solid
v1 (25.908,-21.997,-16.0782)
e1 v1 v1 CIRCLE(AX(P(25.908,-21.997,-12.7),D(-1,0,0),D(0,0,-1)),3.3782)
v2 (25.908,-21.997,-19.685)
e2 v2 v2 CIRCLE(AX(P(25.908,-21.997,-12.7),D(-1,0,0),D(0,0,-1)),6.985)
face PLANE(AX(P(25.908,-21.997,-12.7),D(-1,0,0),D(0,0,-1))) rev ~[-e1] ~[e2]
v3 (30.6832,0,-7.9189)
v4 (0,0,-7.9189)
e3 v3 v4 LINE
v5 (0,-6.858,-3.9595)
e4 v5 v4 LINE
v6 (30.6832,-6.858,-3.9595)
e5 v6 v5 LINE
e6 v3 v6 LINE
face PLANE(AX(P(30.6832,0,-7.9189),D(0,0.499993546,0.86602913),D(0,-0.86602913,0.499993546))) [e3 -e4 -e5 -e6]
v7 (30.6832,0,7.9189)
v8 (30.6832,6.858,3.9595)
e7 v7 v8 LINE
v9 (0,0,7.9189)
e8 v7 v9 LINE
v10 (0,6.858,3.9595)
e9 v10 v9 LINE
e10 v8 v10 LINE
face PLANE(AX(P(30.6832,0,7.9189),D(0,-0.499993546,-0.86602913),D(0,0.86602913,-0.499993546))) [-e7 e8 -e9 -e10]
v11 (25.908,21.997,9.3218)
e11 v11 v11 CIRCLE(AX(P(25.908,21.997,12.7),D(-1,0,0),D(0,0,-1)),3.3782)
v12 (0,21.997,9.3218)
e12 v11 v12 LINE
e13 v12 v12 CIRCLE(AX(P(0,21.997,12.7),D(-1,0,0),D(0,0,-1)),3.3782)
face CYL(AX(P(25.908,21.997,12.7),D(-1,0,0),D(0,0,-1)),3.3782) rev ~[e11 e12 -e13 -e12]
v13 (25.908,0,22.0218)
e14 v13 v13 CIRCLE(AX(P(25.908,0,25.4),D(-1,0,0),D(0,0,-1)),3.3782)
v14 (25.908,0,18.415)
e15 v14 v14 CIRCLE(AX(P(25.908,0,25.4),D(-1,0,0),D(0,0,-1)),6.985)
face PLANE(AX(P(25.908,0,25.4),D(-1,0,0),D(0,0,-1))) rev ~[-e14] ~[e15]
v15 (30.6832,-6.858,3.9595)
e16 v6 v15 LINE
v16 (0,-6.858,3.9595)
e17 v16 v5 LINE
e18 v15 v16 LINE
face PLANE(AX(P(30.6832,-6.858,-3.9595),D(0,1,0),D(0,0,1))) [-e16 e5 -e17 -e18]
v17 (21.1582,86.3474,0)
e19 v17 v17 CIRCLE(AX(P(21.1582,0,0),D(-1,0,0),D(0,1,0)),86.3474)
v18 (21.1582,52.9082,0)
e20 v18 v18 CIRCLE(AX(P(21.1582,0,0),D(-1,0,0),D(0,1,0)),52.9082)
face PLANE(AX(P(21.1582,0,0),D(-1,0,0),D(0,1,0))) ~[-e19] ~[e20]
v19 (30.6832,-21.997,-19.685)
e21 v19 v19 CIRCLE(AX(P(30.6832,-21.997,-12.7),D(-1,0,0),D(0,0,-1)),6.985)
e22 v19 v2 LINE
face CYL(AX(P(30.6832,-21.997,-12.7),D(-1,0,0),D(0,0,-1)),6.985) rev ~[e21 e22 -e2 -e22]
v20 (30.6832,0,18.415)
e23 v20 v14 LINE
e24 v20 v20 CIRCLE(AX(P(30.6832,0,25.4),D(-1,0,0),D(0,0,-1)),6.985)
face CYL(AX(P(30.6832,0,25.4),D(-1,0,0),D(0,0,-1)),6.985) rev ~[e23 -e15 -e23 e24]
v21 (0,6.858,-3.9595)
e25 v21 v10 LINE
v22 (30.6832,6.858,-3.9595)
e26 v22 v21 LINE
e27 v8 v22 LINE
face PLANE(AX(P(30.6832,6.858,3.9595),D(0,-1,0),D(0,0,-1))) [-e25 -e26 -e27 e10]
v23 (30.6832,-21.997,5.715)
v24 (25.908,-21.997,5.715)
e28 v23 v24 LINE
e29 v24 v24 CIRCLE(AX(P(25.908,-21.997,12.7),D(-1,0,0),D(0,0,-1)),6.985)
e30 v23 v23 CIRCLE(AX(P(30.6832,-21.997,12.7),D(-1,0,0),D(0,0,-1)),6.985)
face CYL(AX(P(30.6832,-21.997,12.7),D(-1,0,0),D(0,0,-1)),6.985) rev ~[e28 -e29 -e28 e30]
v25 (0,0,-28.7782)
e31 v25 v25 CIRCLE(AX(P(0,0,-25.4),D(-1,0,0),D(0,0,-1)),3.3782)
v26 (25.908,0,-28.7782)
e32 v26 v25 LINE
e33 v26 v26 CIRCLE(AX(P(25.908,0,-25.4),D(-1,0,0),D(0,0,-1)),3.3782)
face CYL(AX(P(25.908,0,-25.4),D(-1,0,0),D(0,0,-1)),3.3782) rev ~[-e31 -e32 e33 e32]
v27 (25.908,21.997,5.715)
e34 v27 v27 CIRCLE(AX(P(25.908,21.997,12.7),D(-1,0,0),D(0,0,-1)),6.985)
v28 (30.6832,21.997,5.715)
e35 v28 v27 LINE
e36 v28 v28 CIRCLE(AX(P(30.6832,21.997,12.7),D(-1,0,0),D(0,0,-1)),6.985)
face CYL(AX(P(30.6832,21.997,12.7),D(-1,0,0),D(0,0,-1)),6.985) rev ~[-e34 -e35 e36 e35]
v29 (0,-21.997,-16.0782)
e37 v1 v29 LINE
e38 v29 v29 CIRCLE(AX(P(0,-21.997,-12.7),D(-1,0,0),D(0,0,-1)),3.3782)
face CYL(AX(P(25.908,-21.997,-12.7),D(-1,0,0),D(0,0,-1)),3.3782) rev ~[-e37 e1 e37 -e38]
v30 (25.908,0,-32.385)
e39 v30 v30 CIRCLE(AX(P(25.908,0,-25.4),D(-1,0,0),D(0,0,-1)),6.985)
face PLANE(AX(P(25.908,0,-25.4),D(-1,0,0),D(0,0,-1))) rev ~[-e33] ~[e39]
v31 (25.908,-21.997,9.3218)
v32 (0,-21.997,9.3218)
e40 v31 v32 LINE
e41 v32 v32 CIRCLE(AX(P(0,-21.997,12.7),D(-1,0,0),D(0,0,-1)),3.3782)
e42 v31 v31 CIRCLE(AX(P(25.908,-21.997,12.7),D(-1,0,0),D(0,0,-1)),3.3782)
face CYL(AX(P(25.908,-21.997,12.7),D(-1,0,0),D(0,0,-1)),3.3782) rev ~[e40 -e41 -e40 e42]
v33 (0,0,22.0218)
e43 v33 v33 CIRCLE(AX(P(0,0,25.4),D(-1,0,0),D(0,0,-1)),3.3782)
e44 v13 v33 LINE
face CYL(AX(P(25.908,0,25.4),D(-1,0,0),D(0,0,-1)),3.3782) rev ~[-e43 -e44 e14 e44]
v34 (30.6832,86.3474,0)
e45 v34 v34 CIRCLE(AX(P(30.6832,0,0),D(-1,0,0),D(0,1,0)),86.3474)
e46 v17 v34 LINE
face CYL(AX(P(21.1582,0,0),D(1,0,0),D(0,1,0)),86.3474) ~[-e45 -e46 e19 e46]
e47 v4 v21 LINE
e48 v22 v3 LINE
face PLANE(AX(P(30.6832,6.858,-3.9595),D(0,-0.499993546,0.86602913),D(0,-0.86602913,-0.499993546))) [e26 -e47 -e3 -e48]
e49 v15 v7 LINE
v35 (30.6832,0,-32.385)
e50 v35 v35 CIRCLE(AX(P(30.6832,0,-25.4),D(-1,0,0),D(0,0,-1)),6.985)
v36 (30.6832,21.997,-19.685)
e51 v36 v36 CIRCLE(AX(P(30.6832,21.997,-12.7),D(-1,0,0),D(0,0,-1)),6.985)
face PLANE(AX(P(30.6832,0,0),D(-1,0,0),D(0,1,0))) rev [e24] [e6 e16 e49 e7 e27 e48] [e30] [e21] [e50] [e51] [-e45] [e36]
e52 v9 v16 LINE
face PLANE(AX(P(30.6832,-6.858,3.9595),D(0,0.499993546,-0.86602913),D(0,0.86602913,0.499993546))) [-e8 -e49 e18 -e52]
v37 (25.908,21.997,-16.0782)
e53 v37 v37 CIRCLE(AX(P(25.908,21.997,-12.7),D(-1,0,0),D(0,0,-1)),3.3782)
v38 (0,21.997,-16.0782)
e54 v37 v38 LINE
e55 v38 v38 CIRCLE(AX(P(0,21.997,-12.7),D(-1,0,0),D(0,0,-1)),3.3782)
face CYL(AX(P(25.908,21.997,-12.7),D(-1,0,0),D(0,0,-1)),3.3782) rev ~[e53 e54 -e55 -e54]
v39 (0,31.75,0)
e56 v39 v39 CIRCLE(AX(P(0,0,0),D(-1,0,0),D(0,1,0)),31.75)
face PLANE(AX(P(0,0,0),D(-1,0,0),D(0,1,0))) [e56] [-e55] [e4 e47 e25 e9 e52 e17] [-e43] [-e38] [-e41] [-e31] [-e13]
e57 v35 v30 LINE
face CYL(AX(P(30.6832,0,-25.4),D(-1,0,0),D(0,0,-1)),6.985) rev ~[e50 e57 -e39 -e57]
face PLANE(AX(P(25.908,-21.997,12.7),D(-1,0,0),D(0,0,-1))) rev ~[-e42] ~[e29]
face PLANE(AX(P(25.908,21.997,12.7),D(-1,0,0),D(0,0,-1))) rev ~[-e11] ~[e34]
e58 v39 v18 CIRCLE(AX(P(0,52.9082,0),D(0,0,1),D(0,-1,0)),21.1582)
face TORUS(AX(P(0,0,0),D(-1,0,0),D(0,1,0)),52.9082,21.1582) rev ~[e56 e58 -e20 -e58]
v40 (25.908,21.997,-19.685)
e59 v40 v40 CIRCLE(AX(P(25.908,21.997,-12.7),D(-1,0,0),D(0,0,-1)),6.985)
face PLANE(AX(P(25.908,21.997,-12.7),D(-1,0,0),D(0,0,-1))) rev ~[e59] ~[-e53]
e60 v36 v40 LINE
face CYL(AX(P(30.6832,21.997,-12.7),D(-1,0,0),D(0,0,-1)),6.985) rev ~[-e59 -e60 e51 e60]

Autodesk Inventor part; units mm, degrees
ref_plane "YZ Plane" through (0, 0, 0) normal (1, 0, 0) x (0, 1, 0)
ref_plane "XZ Plane" through (0, 0, 0) normal (0, 1, 0) x (-1, 0, 0)
ref_plane "XY Plane" through (0, 0, 0) normal (0, 0, 1) x (1, 0, 0)
sketch "Sketch1" plane through (0, 0, 0) normal (0, 0, 1) x (1, 0, 0)
  arc A0 (0, 31.75) -> (21.1582, 52.9082) centre (0, 52.9082) ccw
  line L0 (0, 31.75) -> (38.8128, 31.75) construction
  line L1 (30.6832, 0) -> (30.6832, 86.3474)
  line L2 (21.1582, 52.9082) -> (21.1582, 86.3474)
  line L3 (21.1582, 86.3474) -> (30.6832, 86.3474)
  line L4 (0, 79.9974) -> (0, 0) construction
  line L5 (0, 31.75) -> (0, 0)
  line L6 (30.6832, 0) -> (0, 0)
  dimension "pipeDiameter" = 42.3164
  dimension "d1" = 31.75
  dimension "width" = 9.525
revolve "Revolution1" add sketch "Sketch1" angle 360 about axis through (30.6832, 0, 0) along (-1, 0, 0)
sketch "Sketch2" plane through (30.6832, 0, 0) normal (1, 0, 0) x (0, 0, -1)
  line L0 (-3.9595, 6.858) -> (3.9595, 6.858)
  line L1 (3.9595, 6.858) -> (7.9189, 0)
  line L2 (7.9189, 0) -> (3.9595, -6.858)
  line L3 (3.9595, -6.858) -> (-3.9595, -6.858)
  line L4 (-3.9595, -6.858) -> (-7.9189, 0)
  line L5 (-7.9189, 0) -> (-3.9595, 6.858)
  point P0 (0, 0)
  point P1 (0, 0)
  dimension "hexWidth" = 13.716
extrude "Extrusion1" cut sketch "Sketch2" against normal through all
sketch "Sketch3" plane through (30.6832, 0, 0) normal (1, 0, 0) x (0, 0, -1)
  point P0 (0, 0)
  point P1 (-25.4, 0)
  point P2 (-12.7, -21.997)
  point P3 (12.7, -21.997)
  point P4 (25.4, 0)
  point P5 (12.7, 21.997)
  point P6 (-12.7, 21.997)
  dimension "d7" = 25.4
  dimension "d10" = 360
hole "Hole1" at (30.6832, 0, 25.4) at (30.6832, -21.997, 12.7) at (30.6832, -21.997, -12.7) at (30.6832, 0, -25.4) at (30.6832, 21.997, -12.7) at (30.6832, 21.997, 12.7) direction (-1, 0, 0) diameter 6.7564 end through all counterbore diameter 13.97 counterbore depth 4.7752 clearance for "Hex Head Bolt" size "1/4" standard "Ansi Unified Screw Threads"
properties part number "halfWheelForHangingAndMovingV2"
